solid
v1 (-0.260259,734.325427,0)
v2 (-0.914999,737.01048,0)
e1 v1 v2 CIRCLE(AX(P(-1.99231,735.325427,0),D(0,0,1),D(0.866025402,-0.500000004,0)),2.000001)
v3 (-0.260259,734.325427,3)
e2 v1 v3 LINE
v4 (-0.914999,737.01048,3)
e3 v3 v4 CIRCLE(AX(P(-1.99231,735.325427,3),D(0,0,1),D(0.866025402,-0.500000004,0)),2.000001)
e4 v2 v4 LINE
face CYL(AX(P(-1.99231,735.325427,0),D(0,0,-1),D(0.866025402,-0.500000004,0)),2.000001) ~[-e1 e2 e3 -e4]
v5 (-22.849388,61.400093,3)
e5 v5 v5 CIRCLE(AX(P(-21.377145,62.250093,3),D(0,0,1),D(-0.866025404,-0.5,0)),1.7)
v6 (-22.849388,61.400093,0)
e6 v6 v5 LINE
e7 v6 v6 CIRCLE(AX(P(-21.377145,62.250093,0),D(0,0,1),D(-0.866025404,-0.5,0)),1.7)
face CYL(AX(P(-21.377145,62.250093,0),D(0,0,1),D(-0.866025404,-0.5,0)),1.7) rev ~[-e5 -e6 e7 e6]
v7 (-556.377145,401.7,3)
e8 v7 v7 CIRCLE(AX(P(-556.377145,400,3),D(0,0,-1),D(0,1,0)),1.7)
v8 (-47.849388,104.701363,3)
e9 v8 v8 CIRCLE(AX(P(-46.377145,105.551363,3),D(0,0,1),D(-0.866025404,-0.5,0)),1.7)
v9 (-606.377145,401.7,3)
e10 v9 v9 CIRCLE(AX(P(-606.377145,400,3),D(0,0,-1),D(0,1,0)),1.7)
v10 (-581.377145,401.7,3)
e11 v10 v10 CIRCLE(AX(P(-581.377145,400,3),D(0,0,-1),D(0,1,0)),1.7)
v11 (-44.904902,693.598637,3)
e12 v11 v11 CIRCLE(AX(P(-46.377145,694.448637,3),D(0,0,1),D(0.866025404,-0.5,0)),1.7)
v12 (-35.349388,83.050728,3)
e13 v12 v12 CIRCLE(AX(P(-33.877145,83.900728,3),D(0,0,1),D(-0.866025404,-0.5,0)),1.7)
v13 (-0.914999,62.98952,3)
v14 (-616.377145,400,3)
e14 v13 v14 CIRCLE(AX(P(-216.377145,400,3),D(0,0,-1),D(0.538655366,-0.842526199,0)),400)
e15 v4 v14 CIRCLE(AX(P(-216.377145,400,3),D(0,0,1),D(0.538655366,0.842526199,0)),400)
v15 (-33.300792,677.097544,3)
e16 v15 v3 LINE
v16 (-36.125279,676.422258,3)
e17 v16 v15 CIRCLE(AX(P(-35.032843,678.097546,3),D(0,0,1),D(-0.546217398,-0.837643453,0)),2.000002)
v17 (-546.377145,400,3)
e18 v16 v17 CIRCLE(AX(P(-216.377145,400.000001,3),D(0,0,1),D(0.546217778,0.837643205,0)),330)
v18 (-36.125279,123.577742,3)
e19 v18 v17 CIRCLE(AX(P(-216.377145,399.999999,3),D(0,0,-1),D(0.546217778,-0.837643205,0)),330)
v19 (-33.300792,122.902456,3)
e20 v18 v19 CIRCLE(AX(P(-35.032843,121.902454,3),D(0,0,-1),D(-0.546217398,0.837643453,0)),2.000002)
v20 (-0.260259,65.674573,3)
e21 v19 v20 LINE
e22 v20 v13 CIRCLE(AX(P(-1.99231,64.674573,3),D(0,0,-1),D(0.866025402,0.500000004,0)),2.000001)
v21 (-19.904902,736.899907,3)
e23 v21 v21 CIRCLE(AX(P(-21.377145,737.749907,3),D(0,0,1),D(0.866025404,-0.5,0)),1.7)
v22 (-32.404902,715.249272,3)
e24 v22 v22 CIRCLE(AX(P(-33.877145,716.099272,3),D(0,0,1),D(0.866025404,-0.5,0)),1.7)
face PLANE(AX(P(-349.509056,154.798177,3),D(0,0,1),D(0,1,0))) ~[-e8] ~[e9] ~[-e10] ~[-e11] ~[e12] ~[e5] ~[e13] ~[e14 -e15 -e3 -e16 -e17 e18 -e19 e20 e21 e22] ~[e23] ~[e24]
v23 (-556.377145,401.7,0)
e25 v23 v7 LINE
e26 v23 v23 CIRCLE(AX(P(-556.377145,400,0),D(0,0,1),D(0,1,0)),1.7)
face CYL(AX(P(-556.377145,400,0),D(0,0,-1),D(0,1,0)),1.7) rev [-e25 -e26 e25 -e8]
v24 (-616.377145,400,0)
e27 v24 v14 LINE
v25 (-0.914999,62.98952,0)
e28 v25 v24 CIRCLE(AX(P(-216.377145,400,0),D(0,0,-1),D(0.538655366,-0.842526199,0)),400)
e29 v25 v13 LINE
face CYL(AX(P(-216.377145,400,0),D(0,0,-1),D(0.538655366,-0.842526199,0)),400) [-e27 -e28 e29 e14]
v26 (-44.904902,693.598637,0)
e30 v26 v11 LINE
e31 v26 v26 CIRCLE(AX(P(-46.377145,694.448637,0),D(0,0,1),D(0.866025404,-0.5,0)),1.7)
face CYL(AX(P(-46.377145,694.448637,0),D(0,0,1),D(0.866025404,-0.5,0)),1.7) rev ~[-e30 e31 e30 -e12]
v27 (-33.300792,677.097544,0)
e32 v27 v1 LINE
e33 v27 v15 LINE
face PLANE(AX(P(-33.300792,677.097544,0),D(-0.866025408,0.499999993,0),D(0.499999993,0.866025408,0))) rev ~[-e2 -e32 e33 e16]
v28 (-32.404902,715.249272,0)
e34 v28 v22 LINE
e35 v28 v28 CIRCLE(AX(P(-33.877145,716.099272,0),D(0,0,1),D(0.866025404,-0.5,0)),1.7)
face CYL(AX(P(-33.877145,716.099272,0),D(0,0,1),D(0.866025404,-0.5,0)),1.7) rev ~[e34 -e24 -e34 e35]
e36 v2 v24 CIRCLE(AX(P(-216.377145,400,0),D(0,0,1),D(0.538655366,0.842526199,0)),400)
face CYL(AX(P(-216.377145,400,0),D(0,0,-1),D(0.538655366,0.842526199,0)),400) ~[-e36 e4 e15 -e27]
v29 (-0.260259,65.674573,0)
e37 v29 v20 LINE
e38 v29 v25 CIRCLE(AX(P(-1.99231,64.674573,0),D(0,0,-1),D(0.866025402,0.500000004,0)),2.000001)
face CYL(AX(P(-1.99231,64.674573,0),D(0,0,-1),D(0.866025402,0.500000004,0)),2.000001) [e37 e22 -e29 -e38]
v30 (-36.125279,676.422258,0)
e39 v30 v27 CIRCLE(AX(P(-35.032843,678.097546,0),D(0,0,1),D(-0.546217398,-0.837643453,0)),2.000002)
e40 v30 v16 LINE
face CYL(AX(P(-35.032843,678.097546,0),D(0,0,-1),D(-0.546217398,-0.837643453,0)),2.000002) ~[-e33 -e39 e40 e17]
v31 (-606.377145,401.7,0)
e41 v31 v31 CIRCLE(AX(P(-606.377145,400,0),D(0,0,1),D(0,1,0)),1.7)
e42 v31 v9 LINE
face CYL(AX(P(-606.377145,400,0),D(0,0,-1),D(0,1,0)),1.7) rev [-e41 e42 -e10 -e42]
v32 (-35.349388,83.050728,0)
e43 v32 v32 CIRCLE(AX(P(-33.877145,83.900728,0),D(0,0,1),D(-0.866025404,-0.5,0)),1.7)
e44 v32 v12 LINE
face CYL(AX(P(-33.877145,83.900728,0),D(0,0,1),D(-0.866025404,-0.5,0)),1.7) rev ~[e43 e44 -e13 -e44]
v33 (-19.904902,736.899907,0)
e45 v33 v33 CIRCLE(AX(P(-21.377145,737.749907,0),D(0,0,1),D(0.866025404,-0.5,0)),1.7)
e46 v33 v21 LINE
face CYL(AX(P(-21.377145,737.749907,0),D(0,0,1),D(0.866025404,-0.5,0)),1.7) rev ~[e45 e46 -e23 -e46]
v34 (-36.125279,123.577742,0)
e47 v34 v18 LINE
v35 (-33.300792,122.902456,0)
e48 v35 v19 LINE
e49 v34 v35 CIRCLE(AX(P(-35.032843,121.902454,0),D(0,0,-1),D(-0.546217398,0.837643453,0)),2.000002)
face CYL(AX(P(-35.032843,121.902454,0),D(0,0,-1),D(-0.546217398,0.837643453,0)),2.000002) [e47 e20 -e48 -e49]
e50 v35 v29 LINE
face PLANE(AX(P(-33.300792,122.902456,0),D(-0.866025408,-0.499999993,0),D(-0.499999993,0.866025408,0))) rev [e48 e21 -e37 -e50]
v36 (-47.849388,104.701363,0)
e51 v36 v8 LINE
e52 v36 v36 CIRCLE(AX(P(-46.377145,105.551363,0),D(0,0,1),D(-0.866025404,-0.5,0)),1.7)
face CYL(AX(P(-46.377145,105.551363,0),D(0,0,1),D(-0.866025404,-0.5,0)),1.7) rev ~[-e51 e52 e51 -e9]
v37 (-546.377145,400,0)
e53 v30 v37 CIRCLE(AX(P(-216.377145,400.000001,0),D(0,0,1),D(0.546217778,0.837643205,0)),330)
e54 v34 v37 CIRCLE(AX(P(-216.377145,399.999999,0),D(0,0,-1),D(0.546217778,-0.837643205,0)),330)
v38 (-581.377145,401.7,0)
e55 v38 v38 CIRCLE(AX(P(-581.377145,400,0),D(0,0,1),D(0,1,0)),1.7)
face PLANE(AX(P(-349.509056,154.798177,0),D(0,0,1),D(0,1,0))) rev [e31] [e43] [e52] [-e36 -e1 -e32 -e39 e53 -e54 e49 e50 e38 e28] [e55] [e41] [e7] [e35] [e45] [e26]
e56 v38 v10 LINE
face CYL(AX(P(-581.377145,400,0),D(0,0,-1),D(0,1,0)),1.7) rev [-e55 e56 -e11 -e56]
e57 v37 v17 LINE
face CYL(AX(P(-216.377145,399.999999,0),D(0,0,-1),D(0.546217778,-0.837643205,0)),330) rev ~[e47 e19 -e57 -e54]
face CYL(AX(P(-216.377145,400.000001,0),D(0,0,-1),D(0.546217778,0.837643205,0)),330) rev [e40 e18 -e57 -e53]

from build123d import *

# Parameters (mm, degrees)
PAD015_DEPTH             = 3
SKETCH096_R              = 1.7
POCKET062_DEPTH          = 2019.841851
POCKET062_DEPTH_BACK     = 2022.841851
POLARPATTERN017_COUNT    = 3
CLONE004_PLACEMENT_ANGLE = 90


with BuildPart() as part:
    # Sketch095 → Pad015 (new body)
    with BuildSketch(Plane.XY):
        with BuildLine():
            ThreePointArc((337.01048, -215.462146), (350.845307, 192.113432), (0, 400))
            Line((0, 330), (0, 400))
            ThreePointArc((276.422258, -180.251866), (290.157816, 157.189192), (0, 330))
            ThreePointArc((276.422258, -180.251866), (276.152366, -181.809361), (277.097544, -183.076353))
            Line((277.097544, -183.076353), (334.325427, -216.116886))
            ThreePointArc((334.325427, -216.116886), (335.799237, -216.327901), (337.01048, -215.462146))
        make_face()
    pad015 = extrude(amount=PAD015_DEPTH)

    # Mirrored026: Pad015 across Sketch095 V_Axis
    add(pad015.mirror(Plane(origin=(0, 0, 0), x_dir=(0, 0, 1), z_dir=(1, 0, 0))))

    # Sketch096 → Pocket062 (cut, two sides)
    with BuildSketch(Plane(origin=(0, 330, 0), x_dir=(1, 0, 0), z_dir=(0, 0, 1))) as pocket062_sk:
        with Locations((0, 10)):
            Circle(SKETCH096_R)
        with Locations((0, 35)):
            Circle(SKETCH096_R)
        with Locations((0, 60)):
            Circle(SKETCH096_R)
    pocket062 = extrude(amount=-POCKET062_DEPTH, mode=Mode.SUBTRACT) + extrude(pocket062_sk.sketch, amount=POCKET062_DEPTH_BACK, mode=Mode.SUBTRACT)

    # PolarPattern017: Pocket062 ×3 about axis
    polarpattern017_axis = Axis((0, 0, 0), (0, 0, 1))
    for i in range(1, POLARPATTERN017_COUNT):
        add(pocket062.rotate(polarpattern017_axis, i * 360 / POLARPATTERN017_COUNT), mode=Mode.SUBTRACT)


with BuildPart() as part_1:
    # Clone004 placement: moved
    add(part.part.moved(Location((-216.377145, 400, 0))).rotate(Axis((-216.377145, 400, 0), (0, 0, 1)), CLONE004_PLACEMENT_ANGLE))


solid = part_1.part
